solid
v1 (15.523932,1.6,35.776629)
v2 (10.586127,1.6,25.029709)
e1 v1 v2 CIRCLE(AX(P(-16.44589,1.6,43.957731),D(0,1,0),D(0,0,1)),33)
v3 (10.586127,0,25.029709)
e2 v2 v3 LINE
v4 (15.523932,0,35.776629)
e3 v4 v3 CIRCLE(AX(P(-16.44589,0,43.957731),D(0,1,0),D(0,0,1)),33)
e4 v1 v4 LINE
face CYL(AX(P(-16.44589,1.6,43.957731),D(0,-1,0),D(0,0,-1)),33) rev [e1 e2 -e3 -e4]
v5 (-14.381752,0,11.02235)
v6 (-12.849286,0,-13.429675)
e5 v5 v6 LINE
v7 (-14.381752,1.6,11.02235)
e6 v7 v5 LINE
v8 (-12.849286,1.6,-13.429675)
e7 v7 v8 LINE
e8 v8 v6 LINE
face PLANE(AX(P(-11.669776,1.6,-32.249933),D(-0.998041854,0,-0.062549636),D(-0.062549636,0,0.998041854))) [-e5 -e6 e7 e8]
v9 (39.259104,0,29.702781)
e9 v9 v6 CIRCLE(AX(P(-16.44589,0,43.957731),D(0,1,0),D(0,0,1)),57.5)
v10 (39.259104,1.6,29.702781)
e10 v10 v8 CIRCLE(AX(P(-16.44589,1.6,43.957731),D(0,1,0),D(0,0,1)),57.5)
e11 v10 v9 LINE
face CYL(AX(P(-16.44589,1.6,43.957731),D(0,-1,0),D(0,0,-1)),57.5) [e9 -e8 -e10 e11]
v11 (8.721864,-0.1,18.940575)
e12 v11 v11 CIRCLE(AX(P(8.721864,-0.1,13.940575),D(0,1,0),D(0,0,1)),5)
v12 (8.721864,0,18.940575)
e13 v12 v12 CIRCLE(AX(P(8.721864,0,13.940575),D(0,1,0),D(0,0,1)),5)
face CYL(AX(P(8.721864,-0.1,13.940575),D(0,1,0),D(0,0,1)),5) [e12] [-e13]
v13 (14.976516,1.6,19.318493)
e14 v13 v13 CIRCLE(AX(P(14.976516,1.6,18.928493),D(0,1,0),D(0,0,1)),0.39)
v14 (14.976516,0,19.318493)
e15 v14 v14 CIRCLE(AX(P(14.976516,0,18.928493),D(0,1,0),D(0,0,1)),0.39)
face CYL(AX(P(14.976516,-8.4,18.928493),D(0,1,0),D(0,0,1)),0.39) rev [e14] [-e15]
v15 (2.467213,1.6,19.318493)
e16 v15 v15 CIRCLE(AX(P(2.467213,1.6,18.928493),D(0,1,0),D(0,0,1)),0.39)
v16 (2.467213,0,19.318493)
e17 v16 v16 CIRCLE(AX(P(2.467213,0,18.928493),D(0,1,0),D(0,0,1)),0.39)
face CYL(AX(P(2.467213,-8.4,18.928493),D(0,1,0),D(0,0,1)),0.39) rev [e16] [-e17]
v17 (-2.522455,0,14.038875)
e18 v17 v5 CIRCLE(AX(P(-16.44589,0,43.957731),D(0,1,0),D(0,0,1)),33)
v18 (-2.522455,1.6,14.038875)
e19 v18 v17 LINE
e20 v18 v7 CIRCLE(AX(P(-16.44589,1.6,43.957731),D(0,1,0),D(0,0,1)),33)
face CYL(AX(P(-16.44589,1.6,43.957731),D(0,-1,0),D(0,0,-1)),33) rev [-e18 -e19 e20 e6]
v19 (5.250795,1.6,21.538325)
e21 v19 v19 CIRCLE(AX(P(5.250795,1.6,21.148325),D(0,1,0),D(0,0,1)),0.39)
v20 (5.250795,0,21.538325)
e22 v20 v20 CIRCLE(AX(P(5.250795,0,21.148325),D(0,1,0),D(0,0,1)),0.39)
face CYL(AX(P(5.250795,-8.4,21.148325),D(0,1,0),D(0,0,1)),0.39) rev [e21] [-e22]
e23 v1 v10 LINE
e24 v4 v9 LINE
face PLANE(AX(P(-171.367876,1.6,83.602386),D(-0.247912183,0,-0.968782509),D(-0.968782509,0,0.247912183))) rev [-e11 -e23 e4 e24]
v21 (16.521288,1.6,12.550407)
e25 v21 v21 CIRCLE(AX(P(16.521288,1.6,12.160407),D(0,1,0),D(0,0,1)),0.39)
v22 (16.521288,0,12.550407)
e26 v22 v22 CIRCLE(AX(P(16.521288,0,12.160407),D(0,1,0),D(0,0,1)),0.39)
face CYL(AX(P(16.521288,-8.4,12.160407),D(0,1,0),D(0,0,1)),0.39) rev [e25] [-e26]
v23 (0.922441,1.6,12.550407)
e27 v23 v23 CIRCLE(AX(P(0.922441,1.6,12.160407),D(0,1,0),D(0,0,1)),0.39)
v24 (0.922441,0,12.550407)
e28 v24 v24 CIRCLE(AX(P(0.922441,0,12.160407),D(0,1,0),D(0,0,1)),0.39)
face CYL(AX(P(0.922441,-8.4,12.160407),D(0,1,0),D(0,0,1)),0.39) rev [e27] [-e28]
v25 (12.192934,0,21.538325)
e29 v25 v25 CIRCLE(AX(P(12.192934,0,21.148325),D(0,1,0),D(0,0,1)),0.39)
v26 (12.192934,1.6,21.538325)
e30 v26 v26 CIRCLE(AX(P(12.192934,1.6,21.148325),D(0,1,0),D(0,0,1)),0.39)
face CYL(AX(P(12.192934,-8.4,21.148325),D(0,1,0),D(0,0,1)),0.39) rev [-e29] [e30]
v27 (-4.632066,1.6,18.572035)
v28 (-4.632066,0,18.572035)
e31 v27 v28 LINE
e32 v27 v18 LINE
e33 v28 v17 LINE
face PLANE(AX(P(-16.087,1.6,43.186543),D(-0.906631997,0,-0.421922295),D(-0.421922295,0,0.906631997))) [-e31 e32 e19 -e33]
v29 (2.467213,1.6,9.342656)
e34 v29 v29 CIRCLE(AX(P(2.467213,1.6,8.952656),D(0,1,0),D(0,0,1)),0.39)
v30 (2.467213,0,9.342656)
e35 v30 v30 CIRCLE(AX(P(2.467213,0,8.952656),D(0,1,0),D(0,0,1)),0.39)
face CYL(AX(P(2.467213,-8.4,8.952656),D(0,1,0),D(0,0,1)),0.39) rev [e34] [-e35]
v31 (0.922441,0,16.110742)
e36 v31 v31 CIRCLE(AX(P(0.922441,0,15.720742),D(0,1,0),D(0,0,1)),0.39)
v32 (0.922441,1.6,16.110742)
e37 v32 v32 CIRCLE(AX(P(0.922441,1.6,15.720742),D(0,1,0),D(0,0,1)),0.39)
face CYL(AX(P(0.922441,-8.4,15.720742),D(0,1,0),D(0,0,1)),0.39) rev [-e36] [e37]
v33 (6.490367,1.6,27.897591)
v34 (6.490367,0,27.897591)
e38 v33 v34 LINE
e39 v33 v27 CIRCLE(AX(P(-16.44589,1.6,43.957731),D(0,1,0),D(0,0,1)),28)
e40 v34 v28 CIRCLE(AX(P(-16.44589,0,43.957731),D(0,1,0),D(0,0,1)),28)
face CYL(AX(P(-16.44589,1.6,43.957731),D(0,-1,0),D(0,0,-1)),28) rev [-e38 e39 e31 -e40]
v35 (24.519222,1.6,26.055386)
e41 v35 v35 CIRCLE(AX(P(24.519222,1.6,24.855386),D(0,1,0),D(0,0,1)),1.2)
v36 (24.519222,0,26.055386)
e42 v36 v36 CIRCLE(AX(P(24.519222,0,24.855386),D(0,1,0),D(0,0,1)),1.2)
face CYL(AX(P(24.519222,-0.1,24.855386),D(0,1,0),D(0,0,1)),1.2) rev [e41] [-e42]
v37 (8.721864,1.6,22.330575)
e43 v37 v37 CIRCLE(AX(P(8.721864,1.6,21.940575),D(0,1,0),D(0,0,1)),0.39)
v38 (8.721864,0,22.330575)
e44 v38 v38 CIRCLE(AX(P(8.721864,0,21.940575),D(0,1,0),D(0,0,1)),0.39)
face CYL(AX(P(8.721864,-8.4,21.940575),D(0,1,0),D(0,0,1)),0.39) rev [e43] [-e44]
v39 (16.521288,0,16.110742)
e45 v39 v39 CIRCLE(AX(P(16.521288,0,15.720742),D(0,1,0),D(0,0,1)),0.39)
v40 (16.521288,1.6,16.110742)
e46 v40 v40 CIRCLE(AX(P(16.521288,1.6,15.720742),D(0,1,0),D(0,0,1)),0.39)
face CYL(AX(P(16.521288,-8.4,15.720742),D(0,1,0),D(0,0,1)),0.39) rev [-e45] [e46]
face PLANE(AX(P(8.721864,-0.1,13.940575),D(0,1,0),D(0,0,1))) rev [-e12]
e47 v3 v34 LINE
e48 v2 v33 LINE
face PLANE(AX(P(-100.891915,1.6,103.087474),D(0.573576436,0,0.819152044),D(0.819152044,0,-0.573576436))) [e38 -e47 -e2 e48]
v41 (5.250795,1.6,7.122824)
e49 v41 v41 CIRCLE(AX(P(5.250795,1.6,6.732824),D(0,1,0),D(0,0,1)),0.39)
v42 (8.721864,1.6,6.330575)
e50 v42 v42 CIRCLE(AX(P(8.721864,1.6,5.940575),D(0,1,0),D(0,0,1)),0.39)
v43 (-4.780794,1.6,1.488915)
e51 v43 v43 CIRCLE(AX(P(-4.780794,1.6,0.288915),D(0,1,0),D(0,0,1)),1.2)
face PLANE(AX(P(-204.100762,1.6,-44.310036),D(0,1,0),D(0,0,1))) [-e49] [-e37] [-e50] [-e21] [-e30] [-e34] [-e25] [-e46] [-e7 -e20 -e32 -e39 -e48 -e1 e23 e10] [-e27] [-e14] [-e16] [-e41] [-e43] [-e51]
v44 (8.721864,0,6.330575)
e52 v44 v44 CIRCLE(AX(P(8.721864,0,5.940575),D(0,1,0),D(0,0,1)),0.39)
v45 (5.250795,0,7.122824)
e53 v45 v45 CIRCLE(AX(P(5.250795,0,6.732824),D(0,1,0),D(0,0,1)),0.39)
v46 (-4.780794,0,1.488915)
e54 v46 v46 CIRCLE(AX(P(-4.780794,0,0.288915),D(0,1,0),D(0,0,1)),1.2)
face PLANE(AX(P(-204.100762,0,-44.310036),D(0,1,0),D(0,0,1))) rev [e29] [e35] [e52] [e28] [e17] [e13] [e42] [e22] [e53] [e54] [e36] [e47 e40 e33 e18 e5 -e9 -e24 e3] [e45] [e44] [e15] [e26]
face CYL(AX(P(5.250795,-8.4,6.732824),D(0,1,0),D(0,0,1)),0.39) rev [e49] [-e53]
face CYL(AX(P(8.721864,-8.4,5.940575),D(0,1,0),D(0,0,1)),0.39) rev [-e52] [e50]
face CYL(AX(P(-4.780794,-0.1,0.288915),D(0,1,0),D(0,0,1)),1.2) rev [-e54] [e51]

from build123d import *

# Parameters (mm, degrees)
SKETCH2_R           = 5
BOSS_EXTRUDE1_DEPTH = 1.6
SKETCH3_R           = 1.2
CUT_EXTRUDE1_DEPTH  = 1.7
SKETCH10_R          = 0.39
CUT_EXTRUDE6_DEPTH  = 10
BOSS_EXTRUDE3_START = -1.7
SKETCH11_R          = 5
BOSS_EXTRUDE3_DEPTH = 1.7


with BuildPart() as part:
    # Sketch2 → Boss-Extrude1 (new body)
    with BuildSketch(Plane(origin=(0, 0, 0), x_dir=(1, 0, 0), z_dir=(0, 1, 0))):
        with BuildLine():
            Line((-12.84928634, 13.429675326), (-14.381752422, -11.022350105))
            ThreePointArc((-14.381752422, -11.022350105), (-8.311058851, -11.976103518), (-2.52245469, -14.038875409))
            Line((-2.52245469, -14.038875409), (-4.632066163, -18.572035393))
            ThreePointArc((-4.632066163, -18.572035393), (1.543927211, -22.501579223), (6.490366829, -27.897591081))
            Line((6.490366829, -27.897591081), (10.586127051, -25.029708899))
            ThreePointArc((10.586127051, -25.029708899), (13.540412509, -30.180153963), (15.523932384, -35.776629267))
            Line((15.523932384, -35.776629267), (39.259103853, -29.702780788))
            ThreePointArc((39.259103853, -29.702780788), (20.218425809, 0.336488596), (-12.84928634, 13.429675326))
        make_face()
        with Locations(Location((8.721864443, -13.940574544, 0), (0, 0, 270))):
            Circle(SKETCH2_R, mode=Mode.SUBTRACT)
    extrude(amount=BOSS_EXTRUDE1_DEPTH)

    # Sketch3 → Cut-Extrude1 (cut)
    with BuildSketch(Plane(origin=(0, 1.6, 0), x_dir=(1, 0, 0), z_dir=(0, 1, 0))):
        with Locations(Location((-4.780794064, -0.288914882, 0), (0, 0, 270))):
            Circle(SKETCH3_R)
        with Locations(Location((24.519221563, -24.855385868, 0), (0, 0, 270))):
            Circle(SKETCH3_R)
    extrude(amount=-CUT_EXTRUDE1_DEPTH, mode=Mode.SUBTRACT)

    # Sketch10 → Cut-Extrude6 (cut)
    with BuildSketch(Plane(origin=(0, 1.6, 0), x_dir=(1, 0, 0), z_dir=(0, 1, 0))):
        with Locations(Location((5.25079453, -6.732823601, 0), (0, 0, 270))):
            Circle(SKETCH10_R)
        with Locations(Location((8.721864443, -5.940574544, 0), (0, 0, 270))):
            Circle(SKETCH10_R)
        with Locations(Location((2.467212583, -8.952656129, 0), (0, 0, 270))):
            Circle(SKETCH10_R)
        with Locations(Location((0.922441145, -12.160407072, 0), (0, 0, 270))):
            Circle(SKETCH10_R)
        with Locations(Location((0.922441145, -15.720742016, 0), (0, 0, 270))):
            Circle(SKETCH10_R)
        with Locations(Location((2.467212583, -18.928492959, 0), (0, 0, 270))):
            Circle(SKETCH10_R)
        with Locations(Location((5.25079453, -21.148325487, 0), (0, 0, 270))):
            Circle(SKETCH10_R)
        with Locations(Location((8.721864443, -21.940574544, 0), (0, 0, 270))):
            Circle(SKETCH10_R)
        with Locations(Location((12.192934355, -21.148325487, 0), (0, 0, 270))):
            Circle(SKETCH10_R)
        with Locations(Location((14.976516302, -18.928492959, 0), (0, 0, 270))):
            Circle(SKETCH10_R)
        with Locations(Location((16.52128774, -15.720742016, 0), (0, 0, 270))):
            Circle(SKETCH10_R)
        with Locations(Location((16.52128774, -12.160407072, 0), (0, 0, 270))):
            Circle(SKETCH10_R)
    extrude(amount=-CUT_EXTRUDE6_DEPTH, mode=Mode.SUBTRACT)

    # Sketch11 → Boss-Extrude3 (add)
    with BuildSketch(Plane(origin=(0, 1.6, 0), x_dir=(1, 0, 0), z_dir=(0, 1, 0)).offset(BOSS_EXTRUDE3_START)):
        with Locations(Location((8.721864443, -13.940574544, 0), (0, 0, 270))):
            Circle(SKETCH11_R)
    extrude(amount=BOSS_EXTRUDE3_DEPTH)


solid = part.part
